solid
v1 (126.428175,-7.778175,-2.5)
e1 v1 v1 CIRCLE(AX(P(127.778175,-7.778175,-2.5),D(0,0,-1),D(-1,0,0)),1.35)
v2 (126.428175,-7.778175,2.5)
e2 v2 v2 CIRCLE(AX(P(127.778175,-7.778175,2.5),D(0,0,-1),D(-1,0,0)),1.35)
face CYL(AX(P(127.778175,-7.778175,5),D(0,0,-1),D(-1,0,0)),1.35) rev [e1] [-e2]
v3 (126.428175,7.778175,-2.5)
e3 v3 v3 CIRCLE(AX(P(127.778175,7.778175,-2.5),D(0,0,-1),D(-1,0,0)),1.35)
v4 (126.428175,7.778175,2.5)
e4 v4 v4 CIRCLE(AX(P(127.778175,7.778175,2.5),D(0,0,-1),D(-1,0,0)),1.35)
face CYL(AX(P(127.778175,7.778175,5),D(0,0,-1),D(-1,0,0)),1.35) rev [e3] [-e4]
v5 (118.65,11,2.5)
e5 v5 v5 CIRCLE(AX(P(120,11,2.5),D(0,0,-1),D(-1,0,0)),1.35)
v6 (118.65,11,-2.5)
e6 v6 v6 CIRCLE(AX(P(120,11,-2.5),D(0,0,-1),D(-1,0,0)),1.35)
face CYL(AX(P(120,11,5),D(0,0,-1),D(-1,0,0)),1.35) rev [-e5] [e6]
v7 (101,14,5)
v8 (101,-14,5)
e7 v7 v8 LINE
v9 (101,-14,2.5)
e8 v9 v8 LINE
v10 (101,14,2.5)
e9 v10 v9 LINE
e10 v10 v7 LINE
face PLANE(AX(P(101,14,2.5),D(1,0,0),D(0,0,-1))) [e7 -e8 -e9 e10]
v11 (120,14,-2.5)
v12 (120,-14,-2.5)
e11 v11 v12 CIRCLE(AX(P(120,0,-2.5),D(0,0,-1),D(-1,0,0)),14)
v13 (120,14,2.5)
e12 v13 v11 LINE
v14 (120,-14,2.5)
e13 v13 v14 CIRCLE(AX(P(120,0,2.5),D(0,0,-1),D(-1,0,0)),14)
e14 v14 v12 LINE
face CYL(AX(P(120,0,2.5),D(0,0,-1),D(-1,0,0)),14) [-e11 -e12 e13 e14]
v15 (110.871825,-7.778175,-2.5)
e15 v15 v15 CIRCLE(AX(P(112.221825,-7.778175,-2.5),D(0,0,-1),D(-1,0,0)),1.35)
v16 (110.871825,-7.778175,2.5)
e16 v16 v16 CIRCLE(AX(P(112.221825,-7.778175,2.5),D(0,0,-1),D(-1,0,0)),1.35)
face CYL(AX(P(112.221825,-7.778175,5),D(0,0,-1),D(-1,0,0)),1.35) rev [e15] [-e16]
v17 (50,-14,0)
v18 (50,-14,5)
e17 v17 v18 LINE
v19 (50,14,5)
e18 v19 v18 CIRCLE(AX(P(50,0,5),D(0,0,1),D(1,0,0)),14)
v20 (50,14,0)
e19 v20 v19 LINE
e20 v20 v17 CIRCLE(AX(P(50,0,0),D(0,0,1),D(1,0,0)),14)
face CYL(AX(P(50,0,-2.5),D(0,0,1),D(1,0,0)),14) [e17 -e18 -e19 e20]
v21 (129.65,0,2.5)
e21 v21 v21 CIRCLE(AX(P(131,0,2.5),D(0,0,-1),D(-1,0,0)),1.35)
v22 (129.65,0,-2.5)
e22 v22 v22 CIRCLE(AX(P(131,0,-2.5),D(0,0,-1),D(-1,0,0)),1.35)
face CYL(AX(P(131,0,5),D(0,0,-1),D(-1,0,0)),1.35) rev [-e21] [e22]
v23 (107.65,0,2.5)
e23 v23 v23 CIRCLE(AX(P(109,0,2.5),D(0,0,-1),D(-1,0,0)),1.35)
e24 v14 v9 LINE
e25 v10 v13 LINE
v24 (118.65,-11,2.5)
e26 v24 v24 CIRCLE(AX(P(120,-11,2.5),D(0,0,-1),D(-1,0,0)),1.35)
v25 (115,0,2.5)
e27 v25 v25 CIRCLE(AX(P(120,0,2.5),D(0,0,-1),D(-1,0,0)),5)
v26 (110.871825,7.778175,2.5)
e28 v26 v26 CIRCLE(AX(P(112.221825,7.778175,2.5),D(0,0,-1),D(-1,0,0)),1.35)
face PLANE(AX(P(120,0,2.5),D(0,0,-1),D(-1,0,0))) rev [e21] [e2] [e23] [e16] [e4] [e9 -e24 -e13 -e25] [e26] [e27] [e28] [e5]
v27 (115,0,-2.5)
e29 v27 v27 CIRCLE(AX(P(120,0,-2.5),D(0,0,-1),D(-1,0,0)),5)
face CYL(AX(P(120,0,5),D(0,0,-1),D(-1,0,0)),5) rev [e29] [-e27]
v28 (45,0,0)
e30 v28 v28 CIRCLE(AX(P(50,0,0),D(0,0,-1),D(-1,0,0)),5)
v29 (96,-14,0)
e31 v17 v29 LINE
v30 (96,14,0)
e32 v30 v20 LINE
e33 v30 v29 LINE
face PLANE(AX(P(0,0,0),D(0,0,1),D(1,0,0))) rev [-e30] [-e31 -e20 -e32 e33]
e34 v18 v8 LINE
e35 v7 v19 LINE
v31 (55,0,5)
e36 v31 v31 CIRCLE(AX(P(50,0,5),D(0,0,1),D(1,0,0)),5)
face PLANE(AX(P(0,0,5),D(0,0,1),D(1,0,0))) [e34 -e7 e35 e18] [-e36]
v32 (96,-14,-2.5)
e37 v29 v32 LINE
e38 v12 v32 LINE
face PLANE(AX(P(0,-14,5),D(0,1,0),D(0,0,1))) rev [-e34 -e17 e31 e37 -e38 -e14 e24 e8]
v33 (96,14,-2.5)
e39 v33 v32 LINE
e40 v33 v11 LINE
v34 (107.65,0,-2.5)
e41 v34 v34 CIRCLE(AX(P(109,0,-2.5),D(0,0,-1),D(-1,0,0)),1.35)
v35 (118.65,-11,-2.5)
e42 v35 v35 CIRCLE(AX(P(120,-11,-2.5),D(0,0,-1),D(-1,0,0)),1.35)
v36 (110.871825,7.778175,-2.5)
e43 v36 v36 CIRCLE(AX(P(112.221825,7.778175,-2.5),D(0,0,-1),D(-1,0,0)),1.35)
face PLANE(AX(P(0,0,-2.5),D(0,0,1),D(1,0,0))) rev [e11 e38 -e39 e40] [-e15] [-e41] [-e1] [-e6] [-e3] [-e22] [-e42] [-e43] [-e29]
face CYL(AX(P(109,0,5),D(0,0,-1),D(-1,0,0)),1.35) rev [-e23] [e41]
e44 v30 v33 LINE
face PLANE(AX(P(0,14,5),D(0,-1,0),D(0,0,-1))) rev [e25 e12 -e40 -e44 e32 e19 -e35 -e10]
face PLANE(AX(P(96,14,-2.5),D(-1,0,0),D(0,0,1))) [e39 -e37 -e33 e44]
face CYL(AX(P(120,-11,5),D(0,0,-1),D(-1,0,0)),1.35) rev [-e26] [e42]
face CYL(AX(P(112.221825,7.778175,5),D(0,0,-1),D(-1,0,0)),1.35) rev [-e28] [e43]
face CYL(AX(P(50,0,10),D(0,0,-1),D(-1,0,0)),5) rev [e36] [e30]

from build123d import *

# Parameters (mm, degrees)
RESSALTO_EXTRUS_O1_DEPTH   = 5
ESBO_O2_R                  = 1.35
ESBO_O2_R_2                = 1.373066436
ESBO_O2_R_3                = 1.330065432
ESBO_O2_R_4                = 5
CORTE_EXTRUS_O1_DEPTH      = 137.810087347
ESBO_O3_R                  = 5
CORTE_EXTRUS_O2_DEPTH      = 137.810087347
ESBO_O5_W                  = 31.24115408
ESBO_O5_H                  = 28
CORTE_EXTRUS_O3_DEPTH      = 137.810087347
ESBO_O6_W                  = 5
ESBO_O6_H                  = 28
RESSALTO_EXTRUS_O2_DEPTH   = 2.5
RESSALTO_EXTRUS_O4_DEPTH   = 5
ESBO_O8_R                  = 5
ESBO_O8_R_2                = 1.35
CORTE_EXTRUS_O4_DEPTH      = 135.937948702
ESBO_O10_W                 = 5
ESBO_O10_H                 = 2.5
CORTE_EXTRUS_O5_DEPTH      = 137.985400682
ESBO_O11_W                 = 5
ESBO_O11_H                 = 2.5
RESSALTO_EXTRUS_O5_DEPTH   = 28
ESBO_O14_W                 = 51.545841804
ESBO_O14_H                 = 28
CORTE_EXTRUS_O6_DEPTH      = 10
CORTE_EXTRUS_O7_DEPTH      = 135.822105012
CORTE_EXTRUS_O7_DEPTH_BACK = 10
ESBO_O16_R                 = 5
CORTE_EXTRUS_O8_DEPTH      = 10


with BuildPart() as part:
    # Esboço1 → Ressalto-extrusão1 (new body)
    with BuildSketch(Plane.XY):
        with BuildLine():
            Line((0, -14), (122, -14))
            ThreePointArc((122, -14), (136, 0), (122, 14))
            Line((122, 14), (0, 14))
            ThreePointArc((0, 14), (-14, 0), (0, -14))
        make_face()
    extrude(amount=RESSALTO_EXTRUS_O1_DEPTH)

    # Esboço2 → Corte-extrusão1 (cut, through all)
    with BuildSketch(Plane(origin=(0, 0, 0), x_dir=(-1, 0, 0), z_dir=(0, 0, -1))):
        with Locations((-125.327123404, 10.484762747)):
            Circle(ESBO_O2_R)
        with Locations((-116.938784683, 9.766478358)):
            Circle(ESBO_O2_R)
        with Locations((-111.515237253, 3.327123404)):
            Circle(ESBO_O2_R)
        with Locations((-112.233521642, -5.061215317)):
            Circle(ESBO_O2_R)
        with Locations((-118.672876596, -10.484762747)):
            Circle(ESBO_O2_R_2)
        with Locations((-127.061215317, -9.766478358)):
            Circle(ESBO_O2_R_3)
        with Locations((-132.484762747, -3.327123404)):
            Circle(ESBO_O2_R)
        with Locations((-131.766478358, 5.061215317)):
            Circle(ESBO_O2_R)
        with Locations((-122, 0)):
            Circle(ESBO_O2_R_4)
    extrude(amount=-CORTE_EXTRUS_O1_DEPTH, mode=Mode.SUBTRACT)

    # Esboço3 → Corte-extrusão2 (cut, through all)
    with BuildSketch(Plane(origin=(0, 0, 0), x_dir=(-1, 0, 0), z_dir=(0, 0, -1))):
        Circle(ESBO_O3_R)
    extrude(amount=-CORTE_EXTRUS_O2_DEPTH, mode=Mode.SUBTRACT)

    # Esboço5 → Corte-extrusão3 (cut, through all)
    with BuildSketch(Plane(origin=(0, 0, 0), x_dir=(-1, 0, 0), z_dir=(0, 0, -1))):
        with Locations((-121.62057704, 0)):
            Rectangle(ESBO_O5_W, ESBO_O5_H)
    extrude(amount=-CORTE_EXTRUS_O3_DEPTH, mode=Mode.SUBTRACT)

    # Esboço6 → Ressalto-extrusão2 (add)
    with BuildSketch(Plane(origin=(0, 0, 0), x_dir=(-1, 0, 0), z_dir=(0, 0, -1))):
        with Locations((-103.5, 0)):
            Rectangle(ESBO_O6_W, ESBO_O6_H)
    extrude(amount=RESSALTO_EXTRUS_O2_DEPTH)

    # Esboço7 → Ressalto-extrusão4 (add)
    with BuildSketch(Plane(origin=(0, 0, -2.5), x_dir=(-1, 0, 0), z_dir=(0, 0, -1))):
        with BuildLine():
            Line((-106, 14), (-120, 14))
            ThreePointArc((-120, 14), (-134, 0), (-120, -14))
            Line((-120, -14), (-106, -14))
            Line((-106, -14), (-106, 14))
        make_face()
    extrude(amount=-RESSALTO_EXTRUS_O4_DEPTH)

    # Esboço8 → Corte-extrusão4 (cut, through all)
    with BuildSketch(Plane(origin=(0, 0, -2.5), x_dir=(-1, 0, 0), z_dir=(0, 0, -1))):
        with Locations((-120, 0)):
            Circle(ESBO_O8_R)
        with Locations((-120, 11)):
            Circle(ESBO_O8_R_2)
        with Locations((-109, 0)):
            Circle(ESBO_O8_R_2)
        with Locations((-120, -11)):
            Circle(ESBO_O8_R_2)
        with Locations((-131, 0)):
            Circle(ESBO_O8_R_2)
        with Locations((-112.221825407, 7.778174593)):
            Circle(ESBO_O8_R_2)
        with Locations((-112.221825407, -7.778174593)):
            Circle(ESBO_O8_R_2)
        with Locations((-127.778174593, -7.778174593)):
            Circle(ESBO_O8_R_2)
        with Locations((-127.778174593, 7.778174593)):
            Circle(ESBO_O8_R_2)
    extrude(amount=-CORTE_EXTRUS_O4_DEPTH, mode=Mode.SUBTRACT)

    # Esboço10 → Corte-extrusão5 (cut, through all)
    with BuildSketch(Plane.XZ.offset(14)):
        with Locations((103.5, 3.75)):
            Rectangle(ESBO_O10_W, ESBO_O10_H)
    extrude(amount=-CORTE_EXTRUS_O5_DEPTH, mode=Mode.SUBTRACT)

    # Esboço11 → Ressalto-extrusão5 (add, through all)
    with BuildSketch(Plane.XZ.offset(14)):
        with Locations((98.5, -1.25)):
            Rectangle(ESBO_O11_W, ESBO_O11_H)
    extrude(amount=-RESSALTO_EXTRUS_O5_DEPTH)

    # Esboço14 → Corte-extrusão6 (cut)
    with BuildSketch(Plane(origin=(0, 0, 0), x_dir=(-1, 0, 0), z_dir=(0, 0, -1))):
        with Locations((-10.227079098, 0)):
            Rectangle(ESBO_O14_W, ESBO_O14_H)
    extrude(amount=-CORTE_EXTRUS_O6_DEPTH, mode=Mode.SUBTRACT)

    # Esboço15 → Corte-extrusão7 (cut, two sides: drawn at the far end of the back side and taken through both)
    with BuildSketch(Plane(origin=(0, 0, 0), x_dir=(-1, 0, 0), z_dir=(0, 0, -1)).offset(-CORTE_EXTRUS_O7_DEPTH_BACK)):
        with BuildLine():
            Line((-36, 14), (-50, 14))
            ThreePointArc((-50, 14), (-40.100505063, 9.899494937), (-36, 0))
            Line((-36, 0), (-36, 14))
        make_face()
        with BuildLine():
            Line((-36, -14), (-36, 0))
            ThreePointArc((-36, 0), (-40.100505063, -9.899494937), (-50, -14))
            Line((-50, -14), (-36, -14))
        make_face()
    extrude(amount=CORTE_EXTRUS_O7_DEPTH + CORTE_EXTRUS_O7_DEPTH_BACK, mode=Mode.SUBTRACT)

    # Esboço16 → Corte-extrusão8 (cut)
    with BuildSketch(Plane(origin=(0, 0, 0), x_dir=(-1, 0, 0), z_dir=(0, 0, -1))):
        with Locations((-50, 0)):
            Circle(ESBO_O16_R)
    extrude(amount=-CORTE_EXTRUS_O8_DEPTH, mode=Mode.SUBTRACT)


solid = part.part
